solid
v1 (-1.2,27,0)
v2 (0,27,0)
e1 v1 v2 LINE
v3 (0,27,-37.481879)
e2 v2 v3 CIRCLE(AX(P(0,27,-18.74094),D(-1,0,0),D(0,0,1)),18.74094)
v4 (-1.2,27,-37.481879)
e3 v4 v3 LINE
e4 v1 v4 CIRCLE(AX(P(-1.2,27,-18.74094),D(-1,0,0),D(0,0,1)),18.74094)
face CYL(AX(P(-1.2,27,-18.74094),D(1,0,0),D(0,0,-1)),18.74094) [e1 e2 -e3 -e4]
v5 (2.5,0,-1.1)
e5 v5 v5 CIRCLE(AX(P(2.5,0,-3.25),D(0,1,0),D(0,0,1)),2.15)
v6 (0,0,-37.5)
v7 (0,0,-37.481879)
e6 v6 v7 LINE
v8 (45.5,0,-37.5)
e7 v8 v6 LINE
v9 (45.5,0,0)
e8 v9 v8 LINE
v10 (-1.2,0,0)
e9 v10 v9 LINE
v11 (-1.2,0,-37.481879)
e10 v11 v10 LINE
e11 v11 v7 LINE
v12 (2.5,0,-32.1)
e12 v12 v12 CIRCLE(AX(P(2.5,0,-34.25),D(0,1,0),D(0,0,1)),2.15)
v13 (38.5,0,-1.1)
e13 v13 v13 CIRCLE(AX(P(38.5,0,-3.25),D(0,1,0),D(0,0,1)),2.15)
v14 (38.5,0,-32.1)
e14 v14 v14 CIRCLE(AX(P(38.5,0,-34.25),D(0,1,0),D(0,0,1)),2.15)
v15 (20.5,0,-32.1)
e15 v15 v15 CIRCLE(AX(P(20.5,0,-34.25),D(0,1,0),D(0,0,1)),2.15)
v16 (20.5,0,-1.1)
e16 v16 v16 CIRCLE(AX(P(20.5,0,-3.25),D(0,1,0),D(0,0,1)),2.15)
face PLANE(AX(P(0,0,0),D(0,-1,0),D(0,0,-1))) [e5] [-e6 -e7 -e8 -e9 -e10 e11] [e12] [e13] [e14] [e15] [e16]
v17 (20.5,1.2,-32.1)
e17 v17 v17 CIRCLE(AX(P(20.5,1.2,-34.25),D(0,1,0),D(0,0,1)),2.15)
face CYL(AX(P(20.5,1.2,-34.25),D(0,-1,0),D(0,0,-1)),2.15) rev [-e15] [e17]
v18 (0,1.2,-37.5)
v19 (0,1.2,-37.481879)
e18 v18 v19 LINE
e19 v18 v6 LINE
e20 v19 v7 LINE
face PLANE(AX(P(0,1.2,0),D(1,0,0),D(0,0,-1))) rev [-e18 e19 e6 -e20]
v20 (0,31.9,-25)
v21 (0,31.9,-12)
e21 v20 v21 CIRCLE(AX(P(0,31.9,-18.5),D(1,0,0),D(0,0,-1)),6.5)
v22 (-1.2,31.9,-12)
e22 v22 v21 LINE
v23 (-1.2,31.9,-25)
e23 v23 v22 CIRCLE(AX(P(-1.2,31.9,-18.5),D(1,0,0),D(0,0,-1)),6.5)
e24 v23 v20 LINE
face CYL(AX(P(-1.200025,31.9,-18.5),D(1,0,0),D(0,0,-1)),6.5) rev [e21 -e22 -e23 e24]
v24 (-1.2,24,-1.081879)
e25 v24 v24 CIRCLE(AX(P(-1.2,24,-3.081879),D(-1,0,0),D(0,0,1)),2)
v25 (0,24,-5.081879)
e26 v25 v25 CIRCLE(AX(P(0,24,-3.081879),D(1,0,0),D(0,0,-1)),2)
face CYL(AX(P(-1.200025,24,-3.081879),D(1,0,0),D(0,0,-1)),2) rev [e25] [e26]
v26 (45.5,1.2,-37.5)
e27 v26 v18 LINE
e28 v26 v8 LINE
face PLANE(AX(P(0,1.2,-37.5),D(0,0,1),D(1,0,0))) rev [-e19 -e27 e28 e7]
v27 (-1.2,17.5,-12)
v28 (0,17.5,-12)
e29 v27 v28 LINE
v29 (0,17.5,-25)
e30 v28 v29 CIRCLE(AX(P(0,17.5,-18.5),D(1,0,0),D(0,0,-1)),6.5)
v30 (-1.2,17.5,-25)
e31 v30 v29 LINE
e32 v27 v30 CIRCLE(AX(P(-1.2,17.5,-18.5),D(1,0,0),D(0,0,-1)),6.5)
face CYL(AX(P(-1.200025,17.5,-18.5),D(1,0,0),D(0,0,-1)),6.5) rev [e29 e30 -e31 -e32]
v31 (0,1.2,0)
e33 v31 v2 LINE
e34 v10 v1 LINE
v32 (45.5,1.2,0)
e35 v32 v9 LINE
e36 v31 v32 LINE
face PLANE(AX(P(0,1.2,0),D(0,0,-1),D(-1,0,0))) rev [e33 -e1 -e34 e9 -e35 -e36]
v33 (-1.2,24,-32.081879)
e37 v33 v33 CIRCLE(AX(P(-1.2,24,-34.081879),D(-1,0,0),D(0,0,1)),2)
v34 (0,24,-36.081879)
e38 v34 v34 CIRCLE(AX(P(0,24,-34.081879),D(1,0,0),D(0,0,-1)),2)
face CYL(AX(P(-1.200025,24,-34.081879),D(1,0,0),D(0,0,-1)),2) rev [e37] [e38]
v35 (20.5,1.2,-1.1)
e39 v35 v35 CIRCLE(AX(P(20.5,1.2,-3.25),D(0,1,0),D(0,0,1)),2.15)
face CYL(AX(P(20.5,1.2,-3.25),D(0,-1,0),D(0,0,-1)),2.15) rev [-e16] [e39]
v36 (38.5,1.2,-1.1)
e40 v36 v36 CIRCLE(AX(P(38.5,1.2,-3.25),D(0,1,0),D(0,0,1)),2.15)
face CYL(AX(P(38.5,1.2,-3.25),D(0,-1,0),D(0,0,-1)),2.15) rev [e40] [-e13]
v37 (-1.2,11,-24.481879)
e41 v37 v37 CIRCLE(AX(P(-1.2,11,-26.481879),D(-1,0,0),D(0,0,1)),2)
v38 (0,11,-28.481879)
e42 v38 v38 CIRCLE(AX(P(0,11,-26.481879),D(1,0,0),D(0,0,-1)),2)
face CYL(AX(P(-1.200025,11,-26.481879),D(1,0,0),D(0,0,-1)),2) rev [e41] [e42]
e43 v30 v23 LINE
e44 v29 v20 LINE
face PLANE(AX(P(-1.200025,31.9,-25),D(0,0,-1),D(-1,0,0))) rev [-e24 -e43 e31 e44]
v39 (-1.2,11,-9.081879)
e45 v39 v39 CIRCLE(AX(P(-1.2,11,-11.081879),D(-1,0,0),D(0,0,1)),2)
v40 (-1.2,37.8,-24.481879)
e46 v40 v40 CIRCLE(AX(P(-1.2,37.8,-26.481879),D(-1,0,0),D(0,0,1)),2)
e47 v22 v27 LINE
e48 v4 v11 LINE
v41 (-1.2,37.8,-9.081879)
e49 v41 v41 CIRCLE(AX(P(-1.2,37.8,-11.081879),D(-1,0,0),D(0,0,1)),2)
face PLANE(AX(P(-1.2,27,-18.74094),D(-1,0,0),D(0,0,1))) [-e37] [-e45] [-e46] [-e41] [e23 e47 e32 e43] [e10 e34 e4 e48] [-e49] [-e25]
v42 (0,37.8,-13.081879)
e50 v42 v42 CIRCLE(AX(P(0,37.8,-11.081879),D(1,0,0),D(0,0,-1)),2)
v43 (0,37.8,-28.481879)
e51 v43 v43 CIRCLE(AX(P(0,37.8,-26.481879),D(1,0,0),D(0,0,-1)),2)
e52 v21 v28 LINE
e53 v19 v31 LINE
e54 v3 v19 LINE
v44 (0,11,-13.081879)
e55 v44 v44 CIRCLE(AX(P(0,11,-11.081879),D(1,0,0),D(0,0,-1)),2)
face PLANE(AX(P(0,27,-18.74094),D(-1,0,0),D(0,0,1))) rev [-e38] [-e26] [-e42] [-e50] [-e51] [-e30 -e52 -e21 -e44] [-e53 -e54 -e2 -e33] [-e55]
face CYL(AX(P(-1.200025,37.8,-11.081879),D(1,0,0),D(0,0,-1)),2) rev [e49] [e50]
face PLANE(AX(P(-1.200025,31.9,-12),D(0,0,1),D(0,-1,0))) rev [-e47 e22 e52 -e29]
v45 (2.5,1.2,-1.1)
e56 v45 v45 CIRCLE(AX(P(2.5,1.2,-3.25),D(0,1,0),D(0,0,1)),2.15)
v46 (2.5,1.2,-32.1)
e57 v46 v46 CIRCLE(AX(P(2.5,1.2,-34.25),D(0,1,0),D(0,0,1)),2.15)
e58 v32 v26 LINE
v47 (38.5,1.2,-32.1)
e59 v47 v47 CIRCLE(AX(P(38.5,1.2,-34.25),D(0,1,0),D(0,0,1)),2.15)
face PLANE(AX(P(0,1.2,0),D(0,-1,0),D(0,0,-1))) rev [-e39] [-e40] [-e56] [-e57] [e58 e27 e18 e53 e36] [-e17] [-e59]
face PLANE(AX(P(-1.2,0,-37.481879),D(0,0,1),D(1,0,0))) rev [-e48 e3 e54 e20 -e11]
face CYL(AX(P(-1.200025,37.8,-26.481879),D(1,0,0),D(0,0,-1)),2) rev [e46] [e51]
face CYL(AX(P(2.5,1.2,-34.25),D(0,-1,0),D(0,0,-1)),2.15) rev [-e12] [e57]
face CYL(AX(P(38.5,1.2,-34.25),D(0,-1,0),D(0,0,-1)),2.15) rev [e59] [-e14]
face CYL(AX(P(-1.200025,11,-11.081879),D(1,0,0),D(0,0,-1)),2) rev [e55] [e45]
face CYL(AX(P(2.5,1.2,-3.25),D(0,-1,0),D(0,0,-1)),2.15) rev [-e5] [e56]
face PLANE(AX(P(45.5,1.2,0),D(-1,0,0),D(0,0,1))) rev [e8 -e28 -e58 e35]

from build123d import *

# Parameters (mm, degrees)
ESQUISSE1_W             = 45.5
ESQUISSE1_H             = 37.5
ESQUISSE1_R             = 2.15
BOSS_EXTRU_1_DEPTH      = 1.2
BOSS_EXTRU_2_DEPTH      = 1.2
ENL_V_MAT_EXTRU_2_DEPTH = 75.623947588
ESQUISSE9_R             = 2
ENL_V_MAT_EXTRU_3_DEPTH = 75.623947588


with BuildPart() as part:
    # Esquisse1 → Boss.-Extru.1 (new body)
    with BuildSketch(Plane(origin=(0, 0, 0), x_dir=(1, 0, 0), z_dir=(0, 1, 0))):
        with Locations((22.75, 18.75)):
            Rectangle(ESQUISSE1_W, ESQUISSE1_H)
        with Locations(Location((2.5, 34.25, 0), (0, 0, 270))):
            Circle(ESQUISSE1_R, mode=Mode.SUBTRACT)
        with Locations(Location((20.5, 34.25, 0), (0, 0, 270))):
            Circle(ESQUISSE1_R, mode=Mode.SUBTRACT)
        with Locations(Location((38.5, 34.25, 0), (0, 0, 270))):
            Circle(ESQUISSE1_R, mode=Mode.SUBTRACT)
        with Locations(Location((2.5, 3.25, 0), (0, 0, 270))):
            Circle(ESQUISSE1_R, mode=Mode.SUBTRACT)
        with Locations(Location((20.5, 3.25, 0), (0, 0, 270))):
            Circle(ESQUISSE1_R, mode=Mode.SUBTRACT)
        with Locations(Location((38.5, 3.25, 0), (0, 0, 270))):
            Circle(ESQUISSE1_R, mode=Mode.SUBTRACT)
    extrude(amount=BOSS_EXTRU_1_DEPTH)

    # Esquisse4 → Boss.-Extru.2 (add)
    with BuildSketch(Plane.ZY):
        with BuildLine():
            Line((-37.48187916, 0), (-37.48187916, 27))
            ThreePointArc((-37.48187916, 27), (-18.74093958, 45.74093958), (0, 27))
            Line((0, 27), (0, 0))
            Line((0, 0), (-37.48187916, 0))
        make_face()
    extrude(amount=BOSS_EXTRU_2_DEPTH)

    # Esquisse5 → Enlèv. mat.-Extru.2 (cut, through all)
    with BuildSketch(Plane(origin=(0, 0, 0), x_dir=(0, 0, -1), z_dir=(1, 0, 0))):
        with BuildLine():
            Line((25, 31.9), (25, 17.5))
            ThreePointArc((25, 17.5), (18.5, 11), (12, 17.5))
            Line((12, 17.5), (12, 31.9))
            ThreePointArc((12, 31.9), (18.5, 38.4), (25, 31.9))
        make_face()
    extrude(amount=-ENL_V_MAT_EXTRU_2_DEPTH, mode=Mode.SUBTRACT)

    # Esquisse9 → Enlèv. mat.-Extru.3 (cut, through all)
    with BuildSketch(Plane(origin=(0, 0, 0), x_dir=(0, 0, -1), z_dir=(1, 0, 0))):
        with Locations((26.48187916, 11)):
            Circle(ESQUISSE9_R)
        with Locations((26.48187916, 37.8)):
            Circle(ESQUISSE9_R)
        with Locations((11.08187916, 11)):
            Circle(ESQUISSE9_R)
        with Locations((11.08187916, 37.8)):
            Circle(ESQUISSE9_R)
        with Locations((34.08187916, 24)):
            Circle(ESQUISSE9_R)
        with Locations((3.08187916, 24)):
            Circle(ESQUISSE9_R)
    extrude(amount=-ENL_V_MAT_EXTRU_3_DEPTH, mode=Mode.SUBTRACT)


solid = part.part
